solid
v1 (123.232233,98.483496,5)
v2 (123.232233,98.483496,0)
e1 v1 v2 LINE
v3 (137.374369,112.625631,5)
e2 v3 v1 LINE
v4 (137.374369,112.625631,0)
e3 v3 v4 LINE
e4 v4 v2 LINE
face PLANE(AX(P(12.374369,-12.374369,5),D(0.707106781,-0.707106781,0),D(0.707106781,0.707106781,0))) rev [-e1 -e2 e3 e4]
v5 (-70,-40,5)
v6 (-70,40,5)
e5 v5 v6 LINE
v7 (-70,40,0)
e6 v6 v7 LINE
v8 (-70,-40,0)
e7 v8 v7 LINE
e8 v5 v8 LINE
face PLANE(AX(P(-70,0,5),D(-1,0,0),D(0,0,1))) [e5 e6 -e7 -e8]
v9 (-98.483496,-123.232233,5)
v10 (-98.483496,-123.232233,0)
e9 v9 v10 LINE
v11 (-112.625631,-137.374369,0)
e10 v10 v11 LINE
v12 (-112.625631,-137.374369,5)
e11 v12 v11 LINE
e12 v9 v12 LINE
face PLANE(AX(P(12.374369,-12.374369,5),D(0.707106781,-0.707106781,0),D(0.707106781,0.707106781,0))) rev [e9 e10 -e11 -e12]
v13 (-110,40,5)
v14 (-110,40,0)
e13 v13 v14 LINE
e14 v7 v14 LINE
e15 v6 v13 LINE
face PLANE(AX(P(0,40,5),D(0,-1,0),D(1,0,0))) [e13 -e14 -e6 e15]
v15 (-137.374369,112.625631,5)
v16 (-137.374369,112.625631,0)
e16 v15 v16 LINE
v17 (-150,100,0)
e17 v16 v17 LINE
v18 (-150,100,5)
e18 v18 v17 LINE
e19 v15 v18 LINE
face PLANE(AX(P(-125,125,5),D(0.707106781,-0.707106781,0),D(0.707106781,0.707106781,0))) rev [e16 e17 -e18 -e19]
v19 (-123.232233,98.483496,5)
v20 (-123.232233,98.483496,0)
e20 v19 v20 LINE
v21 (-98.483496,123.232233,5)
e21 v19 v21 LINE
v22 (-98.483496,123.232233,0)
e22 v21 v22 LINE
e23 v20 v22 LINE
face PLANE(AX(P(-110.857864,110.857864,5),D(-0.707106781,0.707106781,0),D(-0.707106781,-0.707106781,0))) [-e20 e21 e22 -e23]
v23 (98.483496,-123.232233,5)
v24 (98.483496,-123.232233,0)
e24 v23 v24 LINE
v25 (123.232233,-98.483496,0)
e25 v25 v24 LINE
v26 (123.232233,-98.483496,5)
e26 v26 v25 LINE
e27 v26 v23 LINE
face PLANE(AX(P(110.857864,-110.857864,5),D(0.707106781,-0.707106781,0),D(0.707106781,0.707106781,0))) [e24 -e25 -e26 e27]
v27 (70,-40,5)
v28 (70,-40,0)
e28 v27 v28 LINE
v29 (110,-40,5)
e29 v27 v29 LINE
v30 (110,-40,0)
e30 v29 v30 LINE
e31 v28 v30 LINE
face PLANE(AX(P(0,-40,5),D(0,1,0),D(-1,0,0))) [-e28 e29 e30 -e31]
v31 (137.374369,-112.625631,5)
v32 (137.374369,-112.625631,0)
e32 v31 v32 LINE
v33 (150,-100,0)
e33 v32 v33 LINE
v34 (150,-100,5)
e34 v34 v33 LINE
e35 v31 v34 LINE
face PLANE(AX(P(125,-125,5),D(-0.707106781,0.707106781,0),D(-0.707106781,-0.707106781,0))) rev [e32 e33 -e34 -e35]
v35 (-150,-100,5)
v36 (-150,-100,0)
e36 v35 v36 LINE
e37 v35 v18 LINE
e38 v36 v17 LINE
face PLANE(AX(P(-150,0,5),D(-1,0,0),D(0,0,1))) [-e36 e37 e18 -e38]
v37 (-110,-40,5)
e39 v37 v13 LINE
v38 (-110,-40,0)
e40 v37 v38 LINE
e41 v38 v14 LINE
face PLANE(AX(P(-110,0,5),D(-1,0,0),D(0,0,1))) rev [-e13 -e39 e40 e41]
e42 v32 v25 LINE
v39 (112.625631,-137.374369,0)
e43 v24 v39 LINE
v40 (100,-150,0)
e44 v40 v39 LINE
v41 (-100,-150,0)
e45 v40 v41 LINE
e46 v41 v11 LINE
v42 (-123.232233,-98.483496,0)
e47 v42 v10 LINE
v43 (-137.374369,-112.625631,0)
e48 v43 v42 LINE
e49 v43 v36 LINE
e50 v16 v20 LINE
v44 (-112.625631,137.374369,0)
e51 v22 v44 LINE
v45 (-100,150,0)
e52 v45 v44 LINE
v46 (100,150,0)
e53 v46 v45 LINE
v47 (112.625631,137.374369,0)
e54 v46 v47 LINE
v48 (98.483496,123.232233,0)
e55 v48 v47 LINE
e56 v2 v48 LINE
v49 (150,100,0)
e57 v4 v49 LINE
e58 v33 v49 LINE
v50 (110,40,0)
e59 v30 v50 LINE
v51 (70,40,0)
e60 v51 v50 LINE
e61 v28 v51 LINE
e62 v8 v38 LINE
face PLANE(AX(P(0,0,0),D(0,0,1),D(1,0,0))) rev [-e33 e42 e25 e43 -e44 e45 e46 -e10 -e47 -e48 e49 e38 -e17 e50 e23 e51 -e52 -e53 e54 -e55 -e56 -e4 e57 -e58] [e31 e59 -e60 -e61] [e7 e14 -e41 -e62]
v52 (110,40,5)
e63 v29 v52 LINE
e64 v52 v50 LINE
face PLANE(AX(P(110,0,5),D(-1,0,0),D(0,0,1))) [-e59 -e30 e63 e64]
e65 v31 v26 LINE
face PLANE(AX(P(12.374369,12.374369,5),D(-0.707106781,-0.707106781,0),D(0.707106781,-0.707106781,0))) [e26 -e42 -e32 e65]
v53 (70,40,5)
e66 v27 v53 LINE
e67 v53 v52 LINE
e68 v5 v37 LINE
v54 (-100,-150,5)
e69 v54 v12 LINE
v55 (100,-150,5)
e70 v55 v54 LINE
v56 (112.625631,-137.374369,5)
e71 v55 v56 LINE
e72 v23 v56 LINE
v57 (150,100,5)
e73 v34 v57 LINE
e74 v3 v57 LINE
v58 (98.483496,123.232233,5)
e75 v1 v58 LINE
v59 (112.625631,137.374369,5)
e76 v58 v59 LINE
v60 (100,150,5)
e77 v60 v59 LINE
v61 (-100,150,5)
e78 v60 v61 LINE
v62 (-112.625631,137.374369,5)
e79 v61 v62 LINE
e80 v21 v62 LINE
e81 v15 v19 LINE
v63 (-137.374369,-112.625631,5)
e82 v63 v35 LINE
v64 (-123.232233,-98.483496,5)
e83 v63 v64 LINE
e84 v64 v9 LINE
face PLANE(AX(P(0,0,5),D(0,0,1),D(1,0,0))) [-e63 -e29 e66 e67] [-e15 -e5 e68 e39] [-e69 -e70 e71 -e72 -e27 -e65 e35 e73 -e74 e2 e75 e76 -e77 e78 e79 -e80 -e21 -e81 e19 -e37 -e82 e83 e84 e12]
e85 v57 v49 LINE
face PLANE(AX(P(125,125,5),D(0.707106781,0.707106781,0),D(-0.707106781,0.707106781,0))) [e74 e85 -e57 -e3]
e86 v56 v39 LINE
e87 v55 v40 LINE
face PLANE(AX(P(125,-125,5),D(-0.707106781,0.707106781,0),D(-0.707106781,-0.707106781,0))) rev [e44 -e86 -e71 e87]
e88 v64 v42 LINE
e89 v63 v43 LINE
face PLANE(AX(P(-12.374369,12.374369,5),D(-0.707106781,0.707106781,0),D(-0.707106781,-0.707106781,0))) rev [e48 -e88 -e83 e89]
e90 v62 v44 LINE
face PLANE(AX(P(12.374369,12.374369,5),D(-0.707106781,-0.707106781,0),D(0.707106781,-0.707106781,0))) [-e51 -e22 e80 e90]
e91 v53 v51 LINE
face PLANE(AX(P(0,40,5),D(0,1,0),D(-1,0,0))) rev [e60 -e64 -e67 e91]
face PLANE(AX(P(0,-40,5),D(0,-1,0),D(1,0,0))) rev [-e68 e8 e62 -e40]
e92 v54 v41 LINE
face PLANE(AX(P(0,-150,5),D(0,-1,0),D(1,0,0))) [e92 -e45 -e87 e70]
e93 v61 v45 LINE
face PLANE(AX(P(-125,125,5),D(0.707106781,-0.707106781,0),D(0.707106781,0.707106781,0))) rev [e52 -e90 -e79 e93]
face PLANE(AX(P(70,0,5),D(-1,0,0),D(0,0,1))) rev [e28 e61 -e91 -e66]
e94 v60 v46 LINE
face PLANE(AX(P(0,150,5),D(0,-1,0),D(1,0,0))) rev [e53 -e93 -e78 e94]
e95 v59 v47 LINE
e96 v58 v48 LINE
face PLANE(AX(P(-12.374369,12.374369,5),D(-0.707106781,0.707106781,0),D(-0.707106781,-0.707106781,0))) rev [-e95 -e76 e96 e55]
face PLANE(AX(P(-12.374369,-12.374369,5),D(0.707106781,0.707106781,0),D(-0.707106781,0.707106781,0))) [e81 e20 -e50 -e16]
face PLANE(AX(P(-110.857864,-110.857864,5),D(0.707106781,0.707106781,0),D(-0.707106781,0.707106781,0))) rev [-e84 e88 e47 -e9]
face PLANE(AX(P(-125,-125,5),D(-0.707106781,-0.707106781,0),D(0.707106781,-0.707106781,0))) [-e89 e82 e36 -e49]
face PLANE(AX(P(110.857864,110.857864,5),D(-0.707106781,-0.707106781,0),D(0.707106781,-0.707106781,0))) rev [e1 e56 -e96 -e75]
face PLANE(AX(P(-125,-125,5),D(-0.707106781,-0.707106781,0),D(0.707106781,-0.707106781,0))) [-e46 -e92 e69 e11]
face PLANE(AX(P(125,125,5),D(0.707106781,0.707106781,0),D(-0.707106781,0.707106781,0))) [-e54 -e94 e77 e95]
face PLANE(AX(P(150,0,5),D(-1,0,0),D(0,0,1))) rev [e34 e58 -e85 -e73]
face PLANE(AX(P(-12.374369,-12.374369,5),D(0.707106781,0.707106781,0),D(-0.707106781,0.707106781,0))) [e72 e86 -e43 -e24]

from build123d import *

# Parameters (mm, degrees)
ESQUISSE1_W        = 40
ESQUISSE1_H        = 80
BOSS_EXTRU_1_DEPTH = 5


with BuildPart() as part:
    # Esquisse1 → Boss.-Extru.1 (new body)
    with BuildSketch(Plane.XY):
        Polygon((112.625631329, 137.374368671), (100, 150), (-100, 150), (-112.625631329, 137.374368671), (-98.483495706, 123.232233047), (-123.232233047, 98.483495706), (-137.374368671, 112.625631329), (-150, 100), (-150, -100), (-137.374368671, -112.625631329), (-123.232233047, -98.483495706), (-98.483495706, -123.232233047), (-112.625631329, -137.374368671), (-100, -150), (100, -150), (112.625631329, -137.374368671), (98.483495706, -123.232233047), (123.232233047, -98.483495706), (137.374368671, -112.625631329), (150, -100), (150, 100), (137.374368671, 112.625631329), (123.232233047, 98.483495706), (98.483495706, 123.232233047), align=None)
        with Locations((-90, 0)):
            Rectangle(ESQUISSE1_W, ESQUISSE1_H, mode=Mode.SUBTRACT)
        with Locations((90, 0)):
            Rectangle(ESQUISSE1_W, ESQUISSE1_H, mode=Mode.SUBTRACT)
    extrude(amount=BOSS_EXTRU_1_DEPTH)


solid = part.part
